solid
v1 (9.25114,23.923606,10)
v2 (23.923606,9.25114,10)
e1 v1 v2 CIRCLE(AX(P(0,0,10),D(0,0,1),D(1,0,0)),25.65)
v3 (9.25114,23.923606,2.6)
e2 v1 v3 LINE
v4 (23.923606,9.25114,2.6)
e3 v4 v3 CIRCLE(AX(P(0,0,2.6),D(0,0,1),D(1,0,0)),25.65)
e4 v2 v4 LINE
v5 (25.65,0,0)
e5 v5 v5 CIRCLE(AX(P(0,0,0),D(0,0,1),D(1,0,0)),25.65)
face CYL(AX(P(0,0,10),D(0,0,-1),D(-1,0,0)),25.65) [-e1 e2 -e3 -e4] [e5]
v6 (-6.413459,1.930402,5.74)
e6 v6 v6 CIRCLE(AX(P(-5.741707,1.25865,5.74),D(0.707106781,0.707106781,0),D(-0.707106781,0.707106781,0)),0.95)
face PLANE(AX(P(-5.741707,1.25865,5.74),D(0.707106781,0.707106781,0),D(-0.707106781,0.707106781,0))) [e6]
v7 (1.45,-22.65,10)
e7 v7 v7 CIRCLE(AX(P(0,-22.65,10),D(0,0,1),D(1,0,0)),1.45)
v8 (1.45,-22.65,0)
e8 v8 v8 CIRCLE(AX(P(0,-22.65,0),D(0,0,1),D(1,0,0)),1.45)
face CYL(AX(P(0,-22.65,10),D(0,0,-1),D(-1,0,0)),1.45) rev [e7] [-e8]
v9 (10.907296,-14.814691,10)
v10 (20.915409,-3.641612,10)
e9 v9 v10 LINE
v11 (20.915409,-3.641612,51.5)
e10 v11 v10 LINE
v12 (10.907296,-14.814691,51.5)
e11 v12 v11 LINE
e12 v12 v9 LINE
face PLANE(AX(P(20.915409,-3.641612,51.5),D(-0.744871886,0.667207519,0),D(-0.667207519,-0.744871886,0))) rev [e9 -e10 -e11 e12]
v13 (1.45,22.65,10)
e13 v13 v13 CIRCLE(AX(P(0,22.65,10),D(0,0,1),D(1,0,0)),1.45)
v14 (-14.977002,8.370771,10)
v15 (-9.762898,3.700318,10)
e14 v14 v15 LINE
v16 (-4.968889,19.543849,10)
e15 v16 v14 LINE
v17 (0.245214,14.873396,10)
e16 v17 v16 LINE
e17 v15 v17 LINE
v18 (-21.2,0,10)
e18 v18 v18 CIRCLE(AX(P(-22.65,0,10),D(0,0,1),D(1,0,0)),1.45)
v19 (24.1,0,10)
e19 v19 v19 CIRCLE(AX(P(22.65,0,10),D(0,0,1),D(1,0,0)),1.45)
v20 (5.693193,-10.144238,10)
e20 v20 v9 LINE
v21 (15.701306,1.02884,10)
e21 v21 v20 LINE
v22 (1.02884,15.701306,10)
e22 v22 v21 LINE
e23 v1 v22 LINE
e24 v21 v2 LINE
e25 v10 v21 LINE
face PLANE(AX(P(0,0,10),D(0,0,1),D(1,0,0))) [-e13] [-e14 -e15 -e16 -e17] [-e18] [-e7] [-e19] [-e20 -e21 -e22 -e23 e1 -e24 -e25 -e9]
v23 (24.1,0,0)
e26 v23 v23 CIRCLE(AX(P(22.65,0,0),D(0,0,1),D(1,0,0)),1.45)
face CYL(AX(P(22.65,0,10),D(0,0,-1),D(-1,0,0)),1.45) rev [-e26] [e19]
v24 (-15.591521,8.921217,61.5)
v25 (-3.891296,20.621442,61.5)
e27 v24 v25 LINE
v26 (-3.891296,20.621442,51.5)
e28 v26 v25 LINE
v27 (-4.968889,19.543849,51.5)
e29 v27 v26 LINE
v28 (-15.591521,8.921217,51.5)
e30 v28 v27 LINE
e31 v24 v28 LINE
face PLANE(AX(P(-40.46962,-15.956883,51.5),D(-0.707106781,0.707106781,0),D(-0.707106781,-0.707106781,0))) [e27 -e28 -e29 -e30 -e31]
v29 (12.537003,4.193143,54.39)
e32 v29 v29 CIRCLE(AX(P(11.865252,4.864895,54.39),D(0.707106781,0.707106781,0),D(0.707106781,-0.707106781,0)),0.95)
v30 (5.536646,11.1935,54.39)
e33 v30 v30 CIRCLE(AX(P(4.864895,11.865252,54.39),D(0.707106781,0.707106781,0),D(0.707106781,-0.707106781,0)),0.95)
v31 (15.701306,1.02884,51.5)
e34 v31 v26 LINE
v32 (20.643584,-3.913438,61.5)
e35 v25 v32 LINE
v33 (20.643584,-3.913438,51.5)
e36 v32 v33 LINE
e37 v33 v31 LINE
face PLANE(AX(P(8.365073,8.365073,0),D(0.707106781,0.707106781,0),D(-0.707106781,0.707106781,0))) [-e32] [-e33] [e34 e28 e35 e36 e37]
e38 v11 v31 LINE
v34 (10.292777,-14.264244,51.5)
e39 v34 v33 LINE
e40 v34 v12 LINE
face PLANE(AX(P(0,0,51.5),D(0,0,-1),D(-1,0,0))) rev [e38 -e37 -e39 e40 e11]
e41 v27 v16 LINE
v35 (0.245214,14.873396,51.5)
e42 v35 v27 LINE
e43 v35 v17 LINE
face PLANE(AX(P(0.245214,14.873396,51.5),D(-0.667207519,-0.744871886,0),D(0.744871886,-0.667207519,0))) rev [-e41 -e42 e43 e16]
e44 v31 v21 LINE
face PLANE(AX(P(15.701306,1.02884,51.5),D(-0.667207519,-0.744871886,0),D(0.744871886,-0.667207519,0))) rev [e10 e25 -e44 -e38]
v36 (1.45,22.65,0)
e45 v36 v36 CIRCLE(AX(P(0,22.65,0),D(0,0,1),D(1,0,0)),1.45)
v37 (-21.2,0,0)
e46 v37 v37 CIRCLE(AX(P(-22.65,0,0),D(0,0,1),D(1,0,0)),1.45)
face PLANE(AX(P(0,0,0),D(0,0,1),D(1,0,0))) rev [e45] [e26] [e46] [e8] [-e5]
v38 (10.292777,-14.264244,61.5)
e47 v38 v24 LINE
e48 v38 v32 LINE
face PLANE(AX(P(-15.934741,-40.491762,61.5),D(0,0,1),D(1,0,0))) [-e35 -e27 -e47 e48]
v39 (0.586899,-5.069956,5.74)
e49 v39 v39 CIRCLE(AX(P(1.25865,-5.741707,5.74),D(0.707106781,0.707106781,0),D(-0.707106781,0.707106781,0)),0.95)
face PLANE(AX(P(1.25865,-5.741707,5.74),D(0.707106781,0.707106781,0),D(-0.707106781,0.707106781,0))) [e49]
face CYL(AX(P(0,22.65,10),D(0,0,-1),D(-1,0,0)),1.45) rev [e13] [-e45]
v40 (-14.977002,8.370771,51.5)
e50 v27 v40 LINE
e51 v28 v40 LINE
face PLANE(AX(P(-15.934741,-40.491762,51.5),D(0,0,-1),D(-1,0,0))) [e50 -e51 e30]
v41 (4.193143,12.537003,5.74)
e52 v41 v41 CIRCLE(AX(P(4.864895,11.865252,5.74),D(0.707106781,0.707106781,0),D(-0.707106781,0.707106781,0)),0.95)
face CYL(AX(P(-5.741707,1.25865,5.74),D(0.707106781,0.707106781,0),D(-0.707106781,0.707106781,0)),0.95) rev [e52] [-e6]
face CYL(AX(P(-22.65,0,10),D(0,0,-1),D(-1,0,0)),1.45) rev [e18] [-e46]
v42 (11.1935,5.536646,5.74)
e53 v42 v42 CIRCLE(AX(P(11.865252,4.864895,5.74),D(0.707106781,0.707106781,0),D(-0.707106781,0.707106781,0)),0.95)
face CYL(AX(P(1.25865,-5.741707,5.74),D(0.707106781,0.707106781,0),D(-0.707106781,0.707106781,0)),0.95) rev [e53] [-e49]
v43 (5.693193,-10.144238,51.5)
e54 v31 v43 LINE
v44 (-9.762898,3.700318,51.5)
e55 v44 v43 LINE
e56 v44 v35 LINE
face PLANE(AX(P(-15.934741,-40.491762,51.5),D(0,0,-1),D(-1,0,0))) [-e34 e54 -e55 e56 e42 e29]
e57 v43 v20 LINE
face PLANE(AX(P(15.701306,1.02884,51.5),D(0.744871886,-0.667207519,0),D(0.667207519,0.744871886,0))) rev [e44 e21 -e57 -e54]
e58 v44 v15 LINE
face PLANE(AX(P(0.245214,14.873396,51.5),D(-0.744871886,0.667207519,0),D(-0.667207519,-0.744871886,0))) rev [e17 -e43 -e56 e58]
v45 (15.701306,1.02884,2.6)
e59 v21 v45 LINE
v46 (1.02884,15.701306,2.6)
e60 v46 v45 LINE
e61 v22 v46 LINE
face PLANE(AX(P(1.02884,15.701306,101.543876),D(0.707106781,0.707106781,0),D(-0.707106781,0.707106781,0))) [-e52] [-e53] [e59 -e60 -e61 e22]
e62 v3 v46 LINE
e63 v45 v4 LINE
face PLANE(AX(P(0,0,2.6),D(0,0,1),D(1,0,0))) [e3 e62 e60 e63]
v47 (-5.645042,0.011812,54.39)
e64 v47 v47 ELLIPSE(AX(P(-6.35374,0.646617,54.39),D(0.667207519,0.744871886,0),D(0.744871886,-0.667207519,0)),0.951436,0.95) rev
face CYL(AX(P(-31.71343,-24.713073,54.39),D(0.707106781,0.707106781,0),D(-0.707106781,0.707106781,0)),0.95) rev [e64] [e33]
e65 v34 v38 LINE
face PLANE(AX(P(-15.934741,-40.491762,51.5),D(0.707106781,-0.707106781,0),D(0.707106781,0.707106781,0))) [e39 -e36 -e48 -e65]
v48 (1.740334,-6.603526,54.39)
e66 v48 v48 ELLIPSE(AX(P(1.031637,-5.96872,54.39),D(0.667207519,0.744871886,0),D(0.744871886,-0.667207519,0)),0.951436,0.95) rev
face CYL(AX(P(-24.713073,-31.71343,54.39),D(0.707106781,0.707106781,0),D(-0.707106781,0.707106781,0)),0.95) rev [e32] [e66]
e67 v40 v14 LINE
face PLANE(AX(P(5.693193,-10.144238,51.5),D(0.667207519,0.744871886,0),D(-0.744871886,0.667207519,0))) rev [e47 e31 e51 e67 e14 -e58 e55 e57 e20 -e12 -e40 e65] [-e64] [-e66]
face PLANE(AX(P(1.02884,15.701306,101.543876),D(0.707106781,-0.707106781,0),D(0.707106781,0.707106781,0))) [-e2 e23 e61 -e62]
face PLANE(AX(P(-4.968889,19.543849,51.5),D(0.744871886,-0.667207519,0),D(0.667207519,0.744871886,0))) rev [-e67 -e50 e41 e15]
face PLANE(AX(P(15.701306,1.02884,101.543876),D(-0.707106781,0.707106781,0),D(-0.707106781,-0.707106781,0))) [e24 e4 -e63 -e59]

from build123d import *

# Parameters (mm, degrees)
SKETCH1_R               = 25.65
SKETCH1_R_2             = 1.45
BOSS_EXTRUDE1_DEPTH     = 10
CUT_EXTRUDE2_DEPTH      = 38.627715849
CUT_EXTRUDE2_DEPTH_BACK = 7.4
SKETCH3_R               = 0.95
CUT_EXTRUDE3_DEPTH      = 10
BOSS_EXTRUDE2_DEPTH     = 41.5
BOSS_EXTRUDE3_REACH     = 72.472
SKETCH7_R               = 0.95
SKETCH7_W               = 10
SKETCH7_H               = 34.697559569
SKETCH11_R              = 0.95
CUT_EXTRUDE4_DEPTH      = 15


with BuildPart() as part:
    # Sketch1 → Boss-Extrude1 (new body)
    with BuildSketch(Plane.XY):
        Circle(SKETCH1_R)
        with Locations((0, -22.65)):
            Circle(SKETCH1_R_2, mode=Mode.SUBTRACT)
        with Locations((22.65, 0)):
            Circle(SKETCH1_R_2, mode=Mode.SUBTRACT)
        with Locations((0, 22.65)):
            Circle(SKETCH1_R_2, mode=Mode.SUBTRACT)
        with Locations((-22.65, 0)):
            Circle(SKETCH1_R_2, mode=Mode.SUBTRACT)
    extrude(amount=BOSS_EXTRUDE1_DEPTH)

    # Sketch2 → Cut-Extrude2 (cut, two sides: drawn at the far end of the back side and taken through both)
    with BuildSketch(Plane.XY.offset(10).offset(-CUT_EXTRUDE2_DEPTH_BACK)):
        Polygon((102.061719716, 116.734185426), (9.251139978, 23.923605688), (1.028840367, 15.701306076), (15.701306076, 1.028840367), (23.923605688, 9.251139978), (116.734185426, 102.061719716), (302.355344902, 287.682879192), (287.682879192, 302.355344902), align=None)
    extrude(amount=CUT_EXTRUDE2_DEPTH + CUT_EXTRUDE2_DEPTH_BACK, mode=Mode.SUBTRACT)

    # Sketch3 → Cut-Extrude3 (cut)
    with BuildSketch(Plane(origin=(8.365073221, 8.365073221, 0), x_dir=(0, 0, -1), z_dir=(0.7071067811865477, 0.7071067811865475, 0))):
        with Locations(Location((-5.74, 4.95, 0), (0, 0, 90))):
            Circle(SKETCH3_R)
        with Locations(Location((-5.74, -4.95, 0), (0, 0, 270))):
            Circle(SKETCH3_R)
    extrude(amount=-CUT_EXTRUDE3_DEPTH, mode=Mode.SUBTRACT)

    # Sketch5 → Boss-Extrude2 (add)
    with BuildSketch(Plane.XY.offset(10)):
        Polygon((15.701306076, 1.028840367), (5.693193293, -10.144237926), (10.907296496, -14.814690558), (20.915409279, -3.641612265), align=None)
        Polygon((0.245214439, 14.873396383), (-4.968888764, 19.543849015), (-14.977001547, 8.370770723), (-9.762898344, 3.700318091), align=None)
    extrude(amount=BOSS_EXTRUDE2_DEPTH)

    # Boss-Extrude3: up to this plane
    boss_extrude3_end = Plane(origin=(5.693193293, -10.144237926, 51.5), z_dir=(0.6672075188676077, 0.7448718861432019, 0))
    # Sketch7 → Boss-Extrude3 (add, up to the surface)
    with BuildSketch(Plane(origin=(8.365073221, 8.365073221, 0), x_dir=(0, 0, -1), z_dir=(0.7071067811865477, 0.7071067811865475, 0)), mode=Mode.PRIVATE) as boss_extrude3_sk1:
        with Locations((-5.74, -4.95)):
            Circle(SKETCH7_R)
    boss_extrude3_tool1 = split(extrude(boss_extrude3_sk1.sketch, amount=-BOSS_EXTRUDE3_REACH, mode=Mode.PRIVATE), bisect_by=boss_extrude3_end, keep=Keep.BOTH, mode=Mode.PRIVATE)
    add(boss_extrude3_tool1.solids().sort_by_distance((11.865252, 4.864895, 5.74))[0])
    # Sketch7 → Boss-Extrude3 (add, up to the surface)
    with BuildSketch(Plane(origin=(8.365073221, 8.365073221, 0), x_dir=(0, 0, -1), z_dir=(0.7071067811865477, 0.7071067811865475, 0)), mode=Mode.PRIVATE) as boss_extrude3_sk2:
        with Locations((-5.74, 4.95)):
            Circle(SKETCH7_R)
    boss_extrude3_tool2 = split(extrude(boss_extrude3_sk2.sketch, amount=-BOSS_EXTRUDE3_REACH, mode=Mode.PRIVATE), bisect_by=boss_extrude3_end, keep=Keep.BOTH, mode=Mode.PRIVATE)
    add(boss_extrude3_tool2.solids().sort_by_distance((4.864895, 11.865252, 5.74))[0])
    # Sketch7 → Boss-Extrude3 (add, up to the surface)
    with BuildSketch(Plane(origin=(8.365073221, 8.365073221, 0), x_dir=(0, 0, -1), z_dir=(0.7071067811865477, 0.7071067811865475, 0)), mode=Mode.PRIVATE) as boss_extrude3_sk3:
        with Locations((-56.5, -0.015656675)):
            Rectangle(SKETCH7_W, SKETCH7_H)
        with Locations(Location((-54.39, -4.95, 0), (0, 0, 270))):
            Circle(SKETCH7_R, mode=Mode.SUBTRACT)
        with Locations(Location((-54.39, 4.95, 0), (0, 0, 270))):
            Circle(SKETCH7_R, mode=Mode.SUBTRACT)
    boss_extrude3_tool3 = split(extrude(boss_extrude3_sk3.sketch, amount=-BOSS_EXTRUDE3_REACH, mode=Mode.PRIVATE), bisect_by=boss_extrude3_end, keep=Keep.BOTH, mode=Mode.PRIVATE)
    add(boss_extrude3_tool3.solids().sort_by_distance((8.376328, 8.353818, 56.535056))[0])

    # Sketch11 → Cut-Extrude4 (cut)
    with BuildSketch(Plane(origin=(8.365073221, 8.365073221, 0), x_dir=(0, 0, -1), z_dir=(0.7071067811865477, 0.7071067811865475, 0))):
        with Locations(Location((-5.74, -4.95, 0), (0, 0, 90))):
            Circle(SKETCH11_R)
        with Locations(Location((-5.74, 4.95, 0), (0, 0, 90))):
            Circle(SKETCH11_R)
    extrude(amount=-CUT_EXTRUDE4_DEPTH, mode=Mode.SUBTRACT)


solid = part.part
